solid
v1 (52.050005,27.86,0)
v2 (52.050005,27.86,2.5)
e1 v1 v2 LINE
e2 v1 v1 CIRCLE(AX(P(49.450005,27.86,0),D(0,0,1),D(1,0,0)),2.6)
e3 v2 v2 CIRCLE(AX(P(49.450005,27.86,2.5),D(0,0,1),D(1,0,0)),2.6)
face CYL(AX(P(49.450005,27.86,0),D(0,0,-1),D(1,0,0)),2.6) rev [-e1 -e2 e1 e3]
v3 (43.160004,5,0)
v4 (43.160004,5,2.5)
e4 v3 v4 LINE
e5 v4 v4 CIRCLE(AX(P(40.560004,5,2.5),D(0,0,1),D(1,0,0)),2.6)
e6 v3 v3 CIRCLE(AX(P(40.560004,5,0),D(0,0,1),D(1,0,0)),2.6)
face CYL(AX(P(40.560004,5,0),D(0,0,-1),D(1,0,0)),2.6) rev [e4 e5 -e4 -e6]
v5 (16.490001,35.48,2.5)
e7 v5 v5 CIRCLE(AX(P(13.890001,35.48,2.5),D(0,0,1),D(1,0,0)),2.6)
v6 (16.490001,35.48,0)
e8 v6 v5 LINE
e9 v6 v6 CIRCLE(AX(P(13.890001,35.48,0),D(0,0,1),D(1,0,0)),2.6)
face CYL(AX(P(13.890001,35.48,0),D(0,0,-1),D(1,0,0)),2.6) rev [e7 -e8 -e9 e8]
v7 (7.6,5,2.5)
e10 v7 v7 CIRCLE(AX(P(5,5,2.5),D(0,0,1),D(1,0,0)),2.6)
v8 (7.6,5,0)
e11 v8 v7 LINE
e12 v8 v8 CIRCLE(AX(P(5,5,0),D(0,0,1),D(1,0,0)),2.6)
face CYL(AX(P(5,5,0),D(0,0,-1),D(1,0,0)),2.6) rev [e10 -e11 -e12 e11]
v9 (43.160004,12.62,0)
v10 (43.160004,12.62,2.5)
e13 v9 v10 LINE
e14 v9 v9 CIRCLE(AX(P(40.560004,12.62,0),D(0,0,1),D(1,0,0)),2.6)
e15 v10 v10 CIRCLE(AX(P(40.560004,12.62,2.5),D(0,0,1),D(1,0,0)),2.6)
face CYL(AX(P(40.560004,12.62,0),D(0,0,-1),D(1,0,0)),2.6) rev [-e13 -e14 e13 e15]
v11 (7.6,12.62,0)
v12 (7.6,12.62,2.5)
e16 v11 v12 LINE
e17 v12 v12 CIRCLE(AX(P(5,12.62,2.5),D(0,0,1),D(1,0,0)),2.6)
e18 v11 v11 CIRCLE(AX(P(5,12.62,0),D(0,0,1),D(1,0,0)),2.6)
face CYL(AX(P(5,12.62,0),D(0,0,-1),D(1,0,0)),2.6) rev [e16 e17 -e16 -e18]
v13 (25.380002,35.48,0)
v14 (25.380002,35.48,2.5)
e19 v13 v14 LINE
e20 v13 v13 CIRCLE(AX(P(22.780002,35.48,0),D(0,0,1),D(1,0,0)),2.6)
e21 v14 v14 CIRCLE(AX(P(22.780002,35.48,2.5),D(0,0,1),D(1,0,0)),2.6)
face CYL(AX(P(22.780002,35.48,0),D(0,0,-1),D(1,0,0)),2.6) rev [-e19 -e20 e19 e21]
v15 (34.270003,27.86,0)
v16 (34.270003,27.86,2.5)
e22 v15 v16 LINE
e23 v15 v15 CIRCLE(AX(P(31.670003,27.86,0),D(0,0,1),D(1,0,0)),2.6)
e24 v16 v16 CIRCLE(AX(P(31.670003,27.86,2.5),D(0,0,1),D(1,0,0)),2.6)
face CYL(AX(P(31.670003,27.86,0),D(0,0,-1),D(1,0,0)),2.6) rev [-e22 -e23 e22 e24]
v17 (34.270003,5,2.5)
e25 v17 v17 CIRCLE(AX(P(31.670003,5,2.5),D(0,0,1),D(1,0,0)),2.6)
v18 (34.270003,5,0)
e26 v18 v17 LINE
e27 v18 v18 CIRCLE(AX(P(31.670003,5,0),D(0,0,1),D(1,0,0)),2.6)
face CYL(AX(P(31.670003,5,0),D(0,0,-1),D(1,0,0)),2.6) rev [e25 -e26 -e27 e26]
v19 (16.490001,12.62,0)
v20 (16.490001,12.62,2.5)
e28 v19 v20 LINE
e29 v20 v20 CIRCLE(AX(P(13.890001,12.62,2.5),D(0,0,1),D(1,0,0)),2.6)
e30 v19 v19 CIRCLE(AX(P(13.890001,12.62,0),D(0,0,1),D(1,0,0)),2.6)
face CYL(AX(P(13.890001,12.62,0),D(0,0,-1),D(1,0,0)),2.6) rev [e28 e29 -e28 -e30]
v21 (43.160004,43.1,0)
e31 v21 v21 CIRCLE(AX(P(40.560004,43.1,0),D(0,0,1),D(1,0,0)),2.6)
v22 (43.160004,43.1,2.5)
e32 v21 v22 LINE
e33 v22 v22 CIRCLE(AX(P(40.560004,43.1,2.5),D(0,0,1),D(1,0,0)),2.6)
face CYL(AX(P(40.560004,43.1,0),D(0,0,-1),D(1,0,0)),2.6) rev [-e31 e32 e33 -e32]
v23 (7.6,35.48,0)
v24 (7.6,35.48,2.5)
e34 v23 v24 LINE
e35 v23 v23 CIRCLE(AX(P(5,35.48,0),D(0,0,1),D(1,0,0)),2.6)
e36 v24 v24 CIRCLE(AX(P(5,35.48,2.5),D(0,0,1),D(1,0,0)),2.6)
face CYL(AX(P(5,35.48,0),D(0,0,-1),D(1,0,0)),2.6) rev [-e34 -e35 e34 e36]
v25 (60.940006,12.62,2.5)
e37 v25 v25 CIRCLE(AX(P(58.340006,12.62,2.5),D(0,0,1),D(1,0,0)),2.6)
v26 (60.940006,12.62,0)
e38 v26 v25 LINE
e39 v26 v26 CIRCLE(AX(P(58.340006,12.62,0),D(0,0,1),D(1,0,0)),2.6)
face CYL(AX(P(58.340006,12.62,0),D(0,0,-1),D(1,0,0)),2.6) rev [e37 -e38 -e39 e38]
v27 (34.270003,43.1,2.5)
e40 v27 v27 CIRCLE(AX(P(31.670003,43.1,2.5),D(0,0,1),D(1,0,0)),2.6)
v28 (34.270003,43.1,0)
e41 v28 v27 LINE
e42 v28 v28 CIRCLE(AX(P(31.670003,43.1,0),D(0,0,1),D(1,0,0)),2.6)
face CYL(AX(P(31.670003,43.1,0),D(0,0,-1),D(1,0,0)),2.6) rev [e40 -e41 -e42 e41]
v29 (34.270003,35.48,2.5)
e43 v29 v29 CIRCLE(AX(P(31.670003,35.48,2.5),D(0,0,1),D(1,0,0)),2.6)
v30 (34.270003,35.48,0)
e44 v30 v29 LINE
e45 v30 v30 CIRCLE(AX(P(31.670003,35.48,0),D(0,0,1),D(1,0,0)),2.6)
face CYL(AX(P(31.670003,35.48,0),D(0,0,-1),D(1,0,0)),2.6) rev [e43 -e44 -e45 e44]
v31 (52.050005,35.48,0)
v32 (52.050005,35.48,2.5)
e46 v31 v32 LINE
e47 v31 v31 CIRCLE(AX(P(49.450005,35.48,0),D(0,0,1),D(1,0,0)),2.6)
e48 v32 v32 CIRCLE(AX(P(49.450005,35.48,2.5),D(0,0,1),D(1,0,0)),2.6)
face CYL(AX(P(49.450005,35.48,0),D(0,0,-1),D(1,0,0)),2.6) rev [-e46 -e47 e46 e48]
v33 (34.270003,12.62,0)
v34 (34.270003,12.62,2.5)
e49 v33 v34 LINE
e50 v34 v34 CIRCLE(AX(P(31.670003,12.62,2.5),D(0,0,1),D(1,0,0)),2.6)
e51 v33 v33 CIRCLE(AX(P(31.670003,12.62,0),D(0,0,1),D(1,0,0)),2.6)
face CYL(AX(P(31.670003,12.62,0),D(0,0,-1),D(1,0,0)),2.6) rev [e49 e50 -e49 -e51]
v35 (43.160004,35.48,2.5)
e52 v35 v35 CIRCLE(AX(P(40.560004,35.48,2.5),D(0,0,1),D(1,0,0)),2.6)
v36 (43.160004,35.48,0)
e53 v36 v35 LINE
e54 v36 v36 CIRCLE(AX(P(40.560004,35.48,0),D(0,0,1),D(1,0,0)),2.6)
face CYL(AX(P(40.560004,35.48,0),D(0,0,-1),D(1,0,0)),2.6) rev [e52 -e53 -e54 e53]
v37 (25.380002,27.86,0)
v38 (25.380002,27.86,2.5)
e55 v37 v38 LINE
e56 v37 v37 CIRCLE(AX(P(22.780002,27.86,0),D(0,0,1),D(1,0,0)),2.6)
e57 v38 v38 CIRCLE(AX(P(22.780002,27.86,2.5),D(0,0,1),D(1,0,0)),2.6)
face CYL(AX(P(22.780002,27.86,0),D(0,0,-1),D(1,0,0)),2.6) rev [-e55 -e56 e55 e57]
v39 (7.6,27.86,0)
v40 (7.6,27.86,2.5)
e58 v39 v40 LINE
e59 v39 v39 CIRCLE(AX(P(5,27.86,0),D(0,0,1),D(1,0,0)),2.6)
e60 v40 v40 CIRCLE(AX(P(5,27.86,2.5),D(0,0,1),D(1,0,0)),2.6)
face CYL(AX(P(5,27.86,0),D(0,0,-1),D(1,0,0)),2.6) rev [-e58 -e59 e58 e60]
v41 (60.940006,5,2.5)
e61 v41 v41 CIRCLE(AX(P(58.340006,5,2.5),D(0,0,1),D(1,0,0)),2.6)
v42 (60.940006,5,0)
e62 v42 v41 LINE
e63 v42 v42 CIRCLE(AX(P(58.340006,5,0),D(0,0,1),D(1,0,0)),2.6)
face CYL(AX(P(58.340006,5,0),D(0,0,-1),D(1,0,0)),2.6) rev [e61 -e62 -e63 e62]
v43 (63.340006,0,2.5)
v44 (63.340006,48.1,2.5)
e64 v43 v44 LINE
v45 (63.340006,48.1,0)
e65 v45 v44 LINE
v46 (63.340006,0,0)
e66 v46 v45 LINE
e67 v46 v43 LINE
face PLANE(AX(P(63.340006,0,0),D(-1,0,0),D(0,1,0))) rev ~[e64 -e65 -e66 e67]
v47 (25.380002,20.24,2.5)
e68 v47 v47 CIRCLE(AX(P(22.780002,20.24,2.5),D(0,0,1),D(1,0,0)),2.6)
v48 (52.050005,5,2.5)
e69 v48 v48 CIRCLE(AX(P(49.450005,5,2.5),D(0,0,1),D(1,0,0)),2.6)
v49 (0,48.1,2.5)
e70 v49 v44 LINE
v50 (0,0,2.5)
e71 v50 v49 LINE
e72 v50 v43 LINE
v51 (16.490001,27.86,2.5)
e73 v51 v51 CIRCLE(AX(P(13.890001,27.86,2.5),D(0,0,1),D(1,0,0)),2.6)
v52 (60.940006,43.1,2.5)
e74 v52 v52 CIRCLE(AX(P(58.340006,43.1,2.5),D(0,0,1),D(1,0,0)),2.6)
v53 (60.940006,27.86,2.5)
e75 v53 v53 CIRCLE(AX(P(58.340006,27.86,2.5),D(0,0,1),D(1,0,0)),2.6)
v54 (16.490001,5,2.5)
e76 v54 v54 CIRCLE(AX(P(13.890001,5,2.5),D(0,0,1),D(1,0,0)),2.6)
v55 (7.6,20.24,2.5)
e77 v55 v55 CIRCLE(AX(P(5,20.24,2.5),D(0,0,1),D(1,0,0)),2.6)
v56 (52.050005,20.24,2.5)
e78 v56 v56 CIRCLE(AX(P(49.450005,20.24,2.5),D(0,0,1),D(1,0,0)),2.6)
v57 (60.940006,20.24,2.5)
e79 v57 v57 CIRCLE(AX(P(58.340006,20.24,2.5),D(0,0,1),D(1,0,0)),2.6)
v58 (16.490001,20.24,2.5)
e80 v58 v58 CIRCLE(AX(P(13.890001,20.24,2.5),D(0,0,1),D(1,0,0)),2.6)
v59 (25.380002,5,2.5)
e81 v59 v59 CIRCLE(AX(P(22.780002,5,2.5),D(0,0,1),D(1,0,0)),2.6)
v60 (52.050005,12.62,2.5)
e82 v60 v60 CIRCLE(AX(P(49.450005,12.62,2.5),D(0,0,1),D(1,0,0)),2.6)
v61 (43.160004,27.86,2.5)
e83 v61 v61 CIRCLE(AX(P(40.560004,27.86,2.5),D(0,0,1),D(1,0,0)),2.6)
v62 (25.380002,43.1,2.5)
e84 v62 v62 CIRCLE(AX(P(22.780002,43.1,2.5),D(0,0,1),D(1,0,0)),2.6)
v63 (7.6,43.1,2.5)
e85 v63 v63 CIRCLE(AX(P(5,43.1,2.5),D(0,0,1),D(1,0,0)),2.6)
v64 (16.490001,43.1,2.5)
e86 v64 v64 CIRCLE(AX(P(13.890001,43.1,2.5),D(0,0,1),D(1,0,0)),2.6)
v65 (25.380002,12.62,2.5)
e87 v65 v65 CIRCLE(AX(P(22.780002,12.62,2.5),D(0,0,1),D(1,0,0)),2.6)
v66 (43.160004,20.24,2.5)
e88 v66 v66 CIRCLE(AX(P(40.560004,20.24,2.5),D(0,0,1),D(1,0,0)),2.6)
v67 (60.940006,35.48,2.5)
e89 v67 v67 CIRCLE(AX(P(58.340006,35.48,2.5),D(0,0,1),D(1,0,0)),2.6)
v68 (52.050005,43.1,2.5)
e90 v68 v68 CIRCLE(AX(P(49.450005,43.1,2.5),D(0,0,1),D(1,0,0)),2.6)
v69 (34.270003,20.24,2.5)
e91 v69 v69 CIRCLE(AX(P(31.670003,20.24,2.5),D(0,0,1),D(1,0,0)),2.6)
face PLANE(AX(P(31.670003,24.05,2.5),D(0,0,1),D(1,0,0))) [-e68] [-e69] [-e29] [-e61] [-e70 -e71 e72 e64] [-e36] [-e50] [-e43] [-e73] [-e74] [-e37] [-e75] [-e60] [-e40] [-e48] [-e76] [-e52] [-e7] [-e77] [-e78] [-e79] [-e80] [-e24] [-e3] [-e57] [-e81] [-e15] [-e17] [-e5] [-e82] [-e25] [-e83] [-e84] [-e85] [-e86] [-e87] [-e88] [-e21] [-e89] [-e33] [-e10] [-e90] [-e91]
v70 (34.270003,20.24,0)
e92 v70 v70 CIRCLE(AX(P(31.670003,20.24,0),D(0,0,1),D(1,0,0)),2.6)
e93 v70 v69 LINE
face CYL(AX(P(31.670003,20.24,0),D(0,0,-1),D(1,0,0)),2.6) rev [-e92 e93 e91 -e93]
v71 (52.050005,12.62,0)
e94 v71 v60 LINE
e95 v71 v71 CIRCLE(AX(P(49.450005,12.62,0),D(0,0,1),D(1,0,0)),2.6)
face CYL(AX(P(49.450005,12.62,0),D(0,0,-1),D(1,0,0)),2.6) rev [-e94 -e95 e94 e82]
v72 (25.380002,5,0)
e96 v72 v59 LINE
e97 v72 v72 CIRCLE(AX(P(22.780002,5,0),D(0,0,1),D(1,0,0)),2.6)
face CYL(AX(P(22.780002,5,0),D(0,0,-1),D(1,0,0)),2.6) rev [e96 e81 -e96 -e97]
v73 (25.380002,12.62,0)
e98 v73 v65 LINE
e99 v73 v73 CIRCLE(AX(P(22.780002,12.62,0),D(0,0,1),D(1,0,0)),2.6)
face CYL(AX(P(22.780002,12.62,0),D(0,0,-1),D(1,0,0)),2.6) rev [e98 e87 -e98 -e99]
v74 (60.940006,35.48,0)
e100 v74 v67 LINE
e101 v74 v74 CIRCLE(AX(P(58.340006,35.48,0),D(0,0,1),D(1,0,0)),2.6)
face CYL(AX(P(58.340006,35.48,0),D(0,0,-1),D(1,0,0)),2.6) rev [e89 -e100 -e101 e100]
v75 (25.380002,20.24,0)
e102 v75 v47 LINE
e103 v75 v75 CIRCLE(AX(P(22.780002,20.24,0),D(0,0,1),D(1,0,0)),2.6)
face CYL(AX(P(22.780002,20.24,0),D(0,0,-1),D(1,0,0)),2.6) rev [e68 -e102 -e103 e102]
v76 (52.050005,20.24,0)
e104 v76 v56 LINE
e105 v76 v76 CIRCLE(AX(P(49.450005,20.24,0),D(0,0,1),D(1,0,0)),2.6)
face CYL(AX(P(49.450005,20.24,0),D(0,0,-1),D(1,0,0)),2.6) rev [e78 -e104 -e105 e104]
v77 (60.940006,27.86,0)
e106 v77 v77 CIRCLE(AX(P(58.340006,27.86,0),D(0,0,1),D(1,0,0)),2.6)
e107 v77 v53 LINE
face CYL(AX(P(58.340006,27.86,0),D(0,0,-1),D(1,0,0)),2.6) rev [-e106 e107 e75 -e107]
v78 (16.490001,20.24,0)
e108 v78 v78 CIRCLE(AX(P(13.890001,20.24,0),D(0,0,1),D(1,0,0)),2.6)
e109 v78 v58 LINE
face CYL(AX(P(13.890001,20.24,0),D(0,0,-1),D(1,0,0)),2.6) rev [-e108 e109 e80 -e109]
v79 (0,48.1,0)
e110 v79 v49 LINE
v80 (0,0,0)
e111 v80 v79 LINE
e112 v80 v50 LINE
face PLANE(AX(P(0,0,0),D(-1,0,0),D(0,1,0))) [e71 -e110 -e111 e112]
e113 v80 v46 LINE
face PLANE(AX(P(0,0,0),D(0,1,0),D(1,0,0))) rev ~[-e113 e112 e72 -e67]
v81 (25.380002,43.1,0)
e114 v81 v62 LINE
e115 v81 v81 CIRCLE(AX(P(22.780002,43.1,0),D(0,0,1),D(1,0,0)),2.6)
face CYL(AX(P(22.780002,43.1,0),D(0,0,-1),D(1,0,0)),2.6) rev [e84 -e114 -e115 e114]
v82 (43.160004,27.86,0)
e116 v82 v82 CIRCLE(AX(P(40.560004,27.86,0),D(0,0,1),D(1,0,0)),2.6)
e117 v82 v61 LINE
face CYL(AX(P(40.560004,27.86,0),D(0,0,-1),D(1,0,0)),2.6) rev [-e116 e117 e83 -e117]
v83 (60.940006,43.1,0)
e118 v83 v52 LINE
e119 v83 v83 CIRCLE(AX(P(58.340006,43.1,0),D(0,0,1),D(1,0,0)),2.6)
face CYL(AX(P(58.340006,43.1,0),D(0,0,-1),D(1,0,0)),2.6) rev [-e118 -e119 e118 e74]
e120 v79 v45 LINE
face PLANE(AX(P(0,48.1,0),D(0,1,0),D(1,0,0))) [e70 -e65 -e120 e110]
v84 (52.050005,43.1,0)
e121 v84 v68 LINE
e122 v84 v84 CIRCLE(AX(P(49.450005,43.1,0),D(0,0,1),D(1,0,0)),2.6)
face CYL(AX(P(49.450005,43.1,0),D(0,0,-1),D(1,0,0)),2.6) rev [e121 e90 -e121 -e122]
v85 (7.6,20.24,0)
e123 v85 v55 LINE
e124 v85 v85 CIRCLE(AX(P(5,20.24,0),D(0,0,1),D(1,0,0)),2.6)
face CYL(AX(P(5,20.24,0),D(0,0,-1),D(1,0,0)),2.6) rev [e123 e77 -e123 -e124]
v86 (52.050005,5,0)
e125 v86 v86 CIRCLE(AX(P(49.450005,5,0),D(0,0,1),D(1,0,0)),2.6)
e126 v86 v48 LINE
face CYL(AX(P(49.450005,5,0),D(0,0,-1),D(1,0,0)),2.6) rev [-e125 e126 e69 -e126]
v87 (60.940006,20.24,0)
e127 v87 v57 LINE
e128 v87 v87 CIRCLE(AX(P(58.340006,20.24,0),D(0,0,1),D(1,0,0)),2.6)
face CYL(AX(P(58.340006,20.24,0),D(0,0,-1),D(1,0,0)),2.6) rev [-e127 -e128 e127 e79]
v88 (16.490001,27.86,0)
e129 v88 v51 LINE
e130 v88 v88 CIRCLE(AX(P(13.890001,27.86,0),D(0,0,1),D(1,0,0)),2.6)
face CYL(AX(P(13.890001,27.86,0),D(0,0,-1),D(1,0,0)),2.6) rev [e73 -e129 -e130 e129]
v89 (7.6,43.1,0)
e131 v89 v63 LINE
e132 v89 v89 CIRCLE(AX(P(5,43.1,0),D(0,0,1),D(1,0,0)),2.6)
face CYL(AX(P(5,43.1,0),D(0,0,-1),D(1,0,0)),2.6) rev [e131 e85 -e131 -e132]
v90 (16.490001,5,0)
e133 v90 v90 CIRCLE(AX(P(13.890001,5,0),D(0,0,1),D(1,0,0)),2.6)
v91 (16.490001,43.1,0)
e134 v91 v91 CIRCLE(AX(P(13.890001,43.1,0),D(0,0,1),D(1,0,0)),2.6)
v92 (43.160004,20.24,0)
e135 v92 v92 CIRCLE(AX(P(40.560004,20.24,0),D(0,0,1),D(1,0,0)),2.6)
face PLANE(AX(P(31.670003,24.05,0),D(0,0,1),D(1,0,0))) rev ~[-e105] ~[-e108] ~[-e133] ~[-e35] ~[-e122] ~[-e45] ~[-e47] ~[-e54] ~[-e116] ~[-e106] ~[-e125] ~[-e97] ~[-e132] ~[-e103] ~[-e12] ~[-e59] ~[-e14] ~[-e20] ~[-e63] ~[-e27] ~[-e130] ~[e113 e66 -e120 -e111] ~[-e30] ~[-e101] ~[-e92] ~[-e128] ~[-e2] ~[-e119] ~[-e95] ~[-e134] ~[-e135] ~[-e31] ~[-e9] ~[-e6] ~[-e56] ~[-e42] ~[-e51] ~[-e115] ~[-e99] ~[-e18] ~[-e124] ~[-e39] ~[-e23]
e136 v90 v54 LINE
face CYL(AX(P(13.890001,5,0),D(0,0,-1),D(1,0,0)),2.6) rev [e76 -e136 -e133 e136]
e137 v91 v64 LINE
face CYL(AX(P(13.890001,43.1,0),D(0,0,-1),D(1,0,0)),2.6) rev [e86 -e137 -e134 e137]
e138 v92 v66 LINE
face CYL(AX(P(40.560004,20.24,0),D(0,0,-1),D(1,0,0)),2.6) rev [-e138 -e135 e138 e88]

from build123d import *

# Parameters (mm, degrees)
SKETCH_W  = 63.340006
SKETCH_H  = 48.1
SKETCH_R  = 2.6
PAD_DEPTH = 2.5


with BuildPart() as part:
    # Sketch → Pad (new body)
    with BuildSketch(Plane.XY):
        with Locations((31.670003, 24.05)):
            Rectangle(SKETCH_W, SKETCH_H)
        with Locations((5, 43.1)):
            Circle(SKETCH_R, mode=Mode.SUBTRACT)
        with Locations((13.890001, 43.1)):
            Circle(SKETCH_R, mode=Mode.SUBTRACT)
        with Locations((22.780002, 43.1)):
            Circle(SKETCH_R, mode=Mode.SUBTRACT)
        with Locations((31.670003, 43.1)):
            Circle(SKETCH_R, mode=Mode.SUBTRACT)
        with Locations((40.560004, 43.1)):
            Circle(SKETCH_R, mode=Mode.SUBTRACT)
        with Locations((49.450005, 43.1)):
            Circle(SKETCH_R, mode=Mode.SUBTRACT)
        with Locations((58.340006, 43.1)):
            Circle(SKETCH_R, mode=Mode.SUBTRACT)
        with Locations((5, 35.48)):
            Circle(SKETCH_R, mode=Mode.SUBTRACT)
        with Locations((13.890001, 35.48)):
            Circle(SKETCH_R, mode=Mode.SUBTRACT)
        with Locations((22.780002, 35.48)):
            Circle(SKETCH_R, mode=Mode.SUBTRACT)
        with Locations((31.670003, 35.48)):
            Circle(SKETCH_R, mode=Mode.SUBTRACT)
        with Locations((40.560004, 35.48)):
            Circle(SKETCH_R, mode=Mode.SUBTRACT)
        with Locations((49.450005, 35.48)):
            Circle(SKETCH_R, mode=Mode.SUBTRACT)
        with Locations((58.340006, 35.48)):
            Circle(SKETCH_R, mode=Mode.SUBTRACT)
        with Locations((5, 27.86)):
            Circle(SKETCH_R, mode=Mode.SUBTRACT)
        with Locations((13.890001, 27.86)):
            Circle(SKETCH_R, mode=Mode.SUBTRACT)
        with Locations((22.780002, 27.86)):
            Circle(SKETCH_R, mode=Mode.SUBTRACT)
        with Locations((31.670003, 27.86)):
            Circle(SKETCH_R, mode=Mode.SUBTRACT)
        with Locations((40.560004, 27.86)):
            Circle(SKETCH_R, mode=Mode.SUBTRACT)
        with Locations((49.450005, 27.86)):
            Circle(SKETCH_R, mode=Mode.SUBTRACT)
        with Locations((58.340006, 27.86)):
            Circle(SKETCH_R, mode=Mode.SUBTRACT)
        with Locations((5, 20.24)):
            Circle(SKETCH_R, mode=Mode.SUBTRACT)
        with Locations((13.890001, 20.24)):
            Circle(SKETCH_R, mode=Mode.SUBTRACT)
        with Locations((22.780002, 20.24)):
            Circle(SKETCH_R, mode=Mode.SUBTRACT)
        with Locations((31.670003, 20.24)):
            Circle(SKETCH_R, mode=Mode.SUBTRACT)
        with Locations((40.560004, 20.24)):
            Circle(SKETCH_R, mode=Mode.SUBTRACT)
        with Locations((49.450005, 20.24)):
            Circle(SKETCH_R, mode=Mode.SUBTRACT)
        with Locations((58.340006, 20.24)):
            Circle(SKETCH_R, mode=Mode.SUBTRACT)
        with Locations((5, 12.62)):
            Circle(SKETCH_R, mode=Mode.SUBTRACT)
        with Locations((13.890001, 12.62)):
            Circle(SKETCH_R, mode=Mode.SUBTRACT)
        with Locations((22.780002, 12.62)):
            Circle(SKETCH_R, mode=Mode.SUBTRACT)
        with Locations((31.670003, 12.62)):
            Circle(SKETCH_R, mode=Mode.SUBTRACT)
        with Locations((40.560004, 12.62)):
            Circle(SKETCH_R, mode=Mode.SUBTRACT)
        with Locations((49.450005, 12.62)):
            Circle(SKETCH_R, mode=Mode.SUBTRACT)
        with Locations((58.340006, 12.62)):
            Circle(SKETCH_R, mode=Mode.SUBTRACT)
        with Locations((5, 5)):
            Circle(SKETCH_R, mode=Mode.SUBTRACT)
        with Locations((13.890001, 5)):
            Circle(SKETCH_R, mode=Mode.SUBTRACT)
        with Locations((22.780002, 5)):
            Circle(SKETCH_R, mode=Mode.SUBTRACT)
        with Locations((31.670003, 5)):
            Circle(SKETCH_R, mode=Mode.SUBTRACT)
        with Locations((40.560004, 5)):
            Circle(SKETCH_R, mode=Mode.SUBTRACT)
        with Locations((49.450005, 5)):
            Circle(SKETCH_R, mode=Mode.SUBTRACT)
        with Locations((58.340006, 5)):
            Circle(SKETCH_R, mode=Mode.SUBTRACT)
    extrude(amount=PAD_DEPTH)


solid = part.part
